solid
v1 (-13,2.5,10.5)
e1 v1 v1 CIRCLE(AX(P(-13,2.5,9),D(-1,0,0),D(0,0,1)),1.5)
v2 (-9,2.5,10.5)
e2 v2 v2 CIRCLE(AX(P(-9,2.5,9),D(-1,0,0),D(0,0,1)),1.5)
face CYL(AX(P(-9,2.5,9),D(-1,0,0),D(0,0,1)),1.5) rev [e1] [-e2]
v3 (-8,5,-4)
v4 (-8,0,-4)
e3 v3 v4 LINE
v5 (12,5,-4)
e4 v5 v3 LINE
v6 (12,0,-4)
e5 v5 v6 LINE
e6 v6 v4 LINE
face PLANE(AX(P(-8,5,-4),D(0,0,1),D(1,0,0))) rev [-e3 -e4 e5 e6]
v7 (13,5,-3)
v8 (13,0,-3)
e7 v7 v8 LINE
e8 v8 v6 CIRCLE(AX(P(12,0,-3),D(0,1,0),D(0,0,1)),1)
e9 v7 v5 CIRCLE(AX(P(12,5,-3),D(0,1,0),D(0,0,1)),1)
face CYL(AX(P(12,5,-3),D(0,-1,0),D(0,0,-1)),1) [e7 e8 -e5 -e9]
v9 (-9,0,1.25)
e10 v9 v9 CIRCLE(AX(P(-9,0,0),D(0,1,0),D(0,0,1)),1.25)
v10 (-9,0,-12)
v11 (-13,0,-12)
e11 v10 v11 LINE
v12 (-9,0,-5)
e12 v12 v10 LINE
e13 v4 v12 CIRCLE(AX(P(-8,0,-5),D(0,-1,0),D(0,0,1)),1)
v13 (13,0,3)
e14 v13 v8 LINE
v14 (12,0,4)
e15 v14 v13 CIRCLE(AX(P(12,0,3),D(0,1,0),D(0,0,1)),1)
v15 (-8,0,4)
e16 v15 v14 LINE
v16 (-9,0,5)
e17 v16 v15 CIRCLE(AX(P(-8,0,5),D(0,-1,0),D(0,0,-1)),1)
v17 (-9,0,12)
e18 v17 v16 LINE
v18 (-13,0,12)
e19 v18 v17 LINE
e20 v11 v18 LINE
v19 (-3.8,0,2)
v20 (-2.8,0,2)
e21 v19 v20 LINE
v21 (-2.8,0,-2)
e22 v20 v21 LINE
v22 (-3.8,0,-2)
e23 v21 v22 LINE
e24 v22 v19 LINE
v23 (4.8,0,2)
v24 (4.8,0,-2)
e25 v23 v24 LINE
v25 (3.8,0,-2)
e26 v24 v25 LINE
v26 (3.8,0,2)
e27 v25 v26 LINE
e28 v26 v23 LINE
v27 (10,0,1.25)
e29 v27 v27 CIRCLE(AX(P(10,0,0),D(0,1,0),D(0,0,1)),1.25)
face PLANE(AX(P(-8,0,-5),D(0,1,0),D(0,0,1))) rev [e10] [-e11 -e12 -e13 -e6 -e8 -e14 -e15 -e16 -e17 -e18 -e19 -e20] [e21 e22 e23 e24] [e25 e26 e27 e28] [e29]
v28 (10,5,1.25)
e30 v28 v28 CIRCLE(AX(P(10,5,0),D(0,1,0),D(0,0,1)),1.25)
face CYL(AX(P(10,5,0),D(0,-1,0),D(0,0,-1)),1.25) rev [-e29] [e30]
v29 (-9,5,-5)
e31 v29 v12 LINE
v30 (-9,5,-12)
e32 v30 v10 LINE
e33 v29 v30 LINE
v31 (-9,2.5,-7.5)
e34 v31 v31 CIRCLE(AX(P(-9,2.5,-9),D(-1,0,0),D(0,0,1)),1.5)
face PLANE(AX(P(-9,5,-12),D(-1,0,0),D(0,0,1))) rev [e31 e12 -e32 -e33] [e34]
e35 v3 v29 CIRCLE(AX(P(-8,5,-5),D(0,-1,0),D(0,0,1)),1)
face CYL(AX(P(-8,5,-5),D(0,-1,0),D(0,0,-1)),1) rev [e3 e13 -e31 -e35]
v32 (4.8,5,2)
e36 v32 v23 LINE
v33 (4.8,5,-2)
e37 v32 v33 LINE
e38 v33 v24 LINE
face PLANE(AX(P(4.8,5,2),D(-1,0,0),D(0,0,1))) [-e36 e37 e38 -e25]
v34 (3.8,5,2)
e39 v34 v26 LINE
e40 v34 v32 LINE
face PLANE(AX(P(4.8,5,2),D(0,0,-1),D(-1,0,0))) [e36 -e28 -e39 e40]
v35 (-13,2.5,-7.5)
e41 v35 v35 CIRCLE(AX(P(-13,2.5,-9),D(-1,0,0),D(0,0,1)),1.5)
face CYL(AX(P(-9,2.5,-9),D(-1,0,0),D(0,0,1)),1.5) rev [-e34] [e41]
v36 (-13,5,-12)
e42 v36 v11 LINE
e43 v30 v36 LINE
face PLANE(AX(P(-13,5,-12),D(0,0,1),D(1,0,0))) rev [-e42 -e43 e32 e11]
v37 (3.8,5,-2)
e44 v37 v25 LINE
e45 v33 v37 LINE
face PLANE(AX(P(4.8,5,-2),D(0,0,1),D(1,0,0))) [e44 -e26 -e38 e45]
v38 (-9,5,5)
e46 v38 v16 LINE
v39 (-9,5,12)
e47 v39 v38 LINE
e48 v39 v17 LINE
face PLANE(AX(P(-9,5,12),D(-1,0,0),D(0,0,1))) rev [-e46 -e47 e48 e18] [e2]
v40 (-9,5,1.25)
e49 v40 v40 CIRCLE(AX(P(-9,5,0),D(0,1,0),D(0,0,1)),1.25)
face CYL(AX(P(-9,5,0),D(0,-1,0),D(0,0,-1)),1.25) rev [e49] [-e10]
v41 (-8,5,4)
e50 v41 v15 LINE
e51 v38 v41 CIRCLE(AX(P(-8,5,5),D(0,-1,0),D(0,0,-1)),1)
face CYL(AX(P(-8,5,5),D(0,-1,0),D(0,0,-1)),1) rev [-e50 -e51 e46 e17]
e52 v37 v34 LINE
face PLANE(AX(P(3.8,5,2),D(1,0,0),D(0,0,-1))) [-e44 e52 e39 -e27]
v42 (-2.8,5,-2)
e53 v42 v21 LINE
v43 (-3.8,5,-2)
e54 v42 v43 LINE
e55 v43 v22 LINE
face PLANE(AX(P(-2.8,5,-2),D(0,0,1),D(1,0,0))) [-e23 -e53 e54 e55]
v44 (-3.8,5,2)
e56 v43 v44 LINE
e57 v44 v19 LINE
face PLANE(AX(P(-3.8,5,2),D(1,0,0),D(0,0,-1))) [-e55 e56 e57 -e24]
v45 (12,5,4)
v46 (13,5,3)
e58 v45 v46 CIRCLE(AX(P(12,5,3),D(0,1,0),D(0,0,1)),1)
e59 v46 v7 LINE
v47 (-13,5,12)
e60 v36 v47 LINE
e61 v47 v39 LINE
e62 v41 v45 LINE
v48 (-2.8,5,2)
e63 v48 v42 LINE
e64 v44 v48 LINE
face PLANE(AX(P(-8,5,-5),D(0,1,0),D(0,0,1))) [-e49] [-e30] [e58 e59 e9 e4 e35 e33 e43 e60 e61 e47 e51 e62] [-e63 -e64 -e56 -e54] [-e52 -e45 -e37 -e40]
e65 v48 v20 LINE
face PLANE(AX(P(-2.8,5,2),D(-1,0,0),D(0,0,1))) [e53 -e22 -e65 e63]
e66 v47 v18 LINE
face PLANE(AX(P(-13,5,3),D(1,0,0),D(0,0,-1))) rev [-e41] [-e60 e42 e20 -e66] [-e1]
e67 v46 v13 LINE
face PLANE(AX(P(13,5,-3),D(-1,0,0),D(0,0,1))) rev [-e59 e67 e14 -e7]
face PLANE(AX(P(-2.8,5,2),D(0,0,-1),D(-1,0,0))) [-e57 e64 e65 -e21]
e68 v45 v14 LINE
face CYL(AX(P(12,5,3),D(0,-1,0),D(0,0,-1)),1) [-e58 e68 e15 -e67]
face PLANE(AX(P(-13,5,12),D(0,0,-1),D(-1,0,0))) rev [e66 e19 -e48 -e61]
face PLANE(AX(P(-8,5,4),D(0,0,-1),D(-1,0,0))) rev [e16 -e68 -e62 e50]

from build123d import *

# Parameters (mm, degrees)
SKETCH1_R           = 1.25
SKETCH1_W           = 1
SKETCH1_H           = 4
BOSS_EXTRUDE1_DEPTH = 5
SKETCH3_R           = 1.5
CUT_EXTRUDE1_DEPTH  = 4


with BuildPart() as part:
    # Sketch1 → Boss-Extrude1 (new body)
    with BuildSketch(Plane(origin=(0, 0, 0), x_dir=(1, 0, 0), z_dir=(0, 1, 0))):
        with BuildLine():
            Line((-13, -3), (-13, -12))
            Line((-13, -12), (-9, -12))
            Line((-9, -12), (-9, -5))
            ThreePointArc((-9, -5), (-8.707106781, -4.292893219), (-8, -4))
            Line((-8, -4), (12, -4))
            ThreePointArc((12, -4), (12.707106781, -3.707106781), (13, -3))
            Line((13, -3), (13, 3))
            ThreePointArc((13, 3), (12.707106781, 3.707106781), (12, 4))
            Line((12, 4), (-8, 4))
            ThreePointArc((-8, 4), (-8.707106781, 4.292893219), (-9, 5))
            Line((-9, 5), (-9, 12))
            Line((-9, 12), (-13, 12))
            Line((-13, 12), (-13, 4))
            Line((-13, 4), (-13, -3))
        make_face()
        with Locations(Location((10, 0, 0), (0, 0, 270))):
            Circle(SKETCH1_R, mode=Mode.SUBTRACT)
        with Locations(Location((-9, 0, 0), (0, 0, 270))):
            Circle(SKETCH1_R, mode=Mode.SUBTRACT)
        with Locations((4.3, 0)):
            Rectangle(SKETCH1_W, SKETCH1_H, mode=Mode.SUBTRACT)
        with Locations((-3.3, 0)):
            Rectangle(SKETCH1_W, SKETCH1_H, mode=Mode.SUBTRACT)
    extrude(amount=BOSS_EXTRUDE1_DEPTH)

    # Sketch3 → Cut-Extrude1 (cut)
    with BuildSketch(Plane.ZY.offset(13)):
        with Locations((9, 2.5)):
            Circle(SKETCH3_R)
        with Locations((-9, 2.5)):
            Circle(SKETCH3_R)
    extrude(amount=-CUT_EXTRUDE1_DEPTH, mode=Mode.SUBTRACT)


solid = part.part
